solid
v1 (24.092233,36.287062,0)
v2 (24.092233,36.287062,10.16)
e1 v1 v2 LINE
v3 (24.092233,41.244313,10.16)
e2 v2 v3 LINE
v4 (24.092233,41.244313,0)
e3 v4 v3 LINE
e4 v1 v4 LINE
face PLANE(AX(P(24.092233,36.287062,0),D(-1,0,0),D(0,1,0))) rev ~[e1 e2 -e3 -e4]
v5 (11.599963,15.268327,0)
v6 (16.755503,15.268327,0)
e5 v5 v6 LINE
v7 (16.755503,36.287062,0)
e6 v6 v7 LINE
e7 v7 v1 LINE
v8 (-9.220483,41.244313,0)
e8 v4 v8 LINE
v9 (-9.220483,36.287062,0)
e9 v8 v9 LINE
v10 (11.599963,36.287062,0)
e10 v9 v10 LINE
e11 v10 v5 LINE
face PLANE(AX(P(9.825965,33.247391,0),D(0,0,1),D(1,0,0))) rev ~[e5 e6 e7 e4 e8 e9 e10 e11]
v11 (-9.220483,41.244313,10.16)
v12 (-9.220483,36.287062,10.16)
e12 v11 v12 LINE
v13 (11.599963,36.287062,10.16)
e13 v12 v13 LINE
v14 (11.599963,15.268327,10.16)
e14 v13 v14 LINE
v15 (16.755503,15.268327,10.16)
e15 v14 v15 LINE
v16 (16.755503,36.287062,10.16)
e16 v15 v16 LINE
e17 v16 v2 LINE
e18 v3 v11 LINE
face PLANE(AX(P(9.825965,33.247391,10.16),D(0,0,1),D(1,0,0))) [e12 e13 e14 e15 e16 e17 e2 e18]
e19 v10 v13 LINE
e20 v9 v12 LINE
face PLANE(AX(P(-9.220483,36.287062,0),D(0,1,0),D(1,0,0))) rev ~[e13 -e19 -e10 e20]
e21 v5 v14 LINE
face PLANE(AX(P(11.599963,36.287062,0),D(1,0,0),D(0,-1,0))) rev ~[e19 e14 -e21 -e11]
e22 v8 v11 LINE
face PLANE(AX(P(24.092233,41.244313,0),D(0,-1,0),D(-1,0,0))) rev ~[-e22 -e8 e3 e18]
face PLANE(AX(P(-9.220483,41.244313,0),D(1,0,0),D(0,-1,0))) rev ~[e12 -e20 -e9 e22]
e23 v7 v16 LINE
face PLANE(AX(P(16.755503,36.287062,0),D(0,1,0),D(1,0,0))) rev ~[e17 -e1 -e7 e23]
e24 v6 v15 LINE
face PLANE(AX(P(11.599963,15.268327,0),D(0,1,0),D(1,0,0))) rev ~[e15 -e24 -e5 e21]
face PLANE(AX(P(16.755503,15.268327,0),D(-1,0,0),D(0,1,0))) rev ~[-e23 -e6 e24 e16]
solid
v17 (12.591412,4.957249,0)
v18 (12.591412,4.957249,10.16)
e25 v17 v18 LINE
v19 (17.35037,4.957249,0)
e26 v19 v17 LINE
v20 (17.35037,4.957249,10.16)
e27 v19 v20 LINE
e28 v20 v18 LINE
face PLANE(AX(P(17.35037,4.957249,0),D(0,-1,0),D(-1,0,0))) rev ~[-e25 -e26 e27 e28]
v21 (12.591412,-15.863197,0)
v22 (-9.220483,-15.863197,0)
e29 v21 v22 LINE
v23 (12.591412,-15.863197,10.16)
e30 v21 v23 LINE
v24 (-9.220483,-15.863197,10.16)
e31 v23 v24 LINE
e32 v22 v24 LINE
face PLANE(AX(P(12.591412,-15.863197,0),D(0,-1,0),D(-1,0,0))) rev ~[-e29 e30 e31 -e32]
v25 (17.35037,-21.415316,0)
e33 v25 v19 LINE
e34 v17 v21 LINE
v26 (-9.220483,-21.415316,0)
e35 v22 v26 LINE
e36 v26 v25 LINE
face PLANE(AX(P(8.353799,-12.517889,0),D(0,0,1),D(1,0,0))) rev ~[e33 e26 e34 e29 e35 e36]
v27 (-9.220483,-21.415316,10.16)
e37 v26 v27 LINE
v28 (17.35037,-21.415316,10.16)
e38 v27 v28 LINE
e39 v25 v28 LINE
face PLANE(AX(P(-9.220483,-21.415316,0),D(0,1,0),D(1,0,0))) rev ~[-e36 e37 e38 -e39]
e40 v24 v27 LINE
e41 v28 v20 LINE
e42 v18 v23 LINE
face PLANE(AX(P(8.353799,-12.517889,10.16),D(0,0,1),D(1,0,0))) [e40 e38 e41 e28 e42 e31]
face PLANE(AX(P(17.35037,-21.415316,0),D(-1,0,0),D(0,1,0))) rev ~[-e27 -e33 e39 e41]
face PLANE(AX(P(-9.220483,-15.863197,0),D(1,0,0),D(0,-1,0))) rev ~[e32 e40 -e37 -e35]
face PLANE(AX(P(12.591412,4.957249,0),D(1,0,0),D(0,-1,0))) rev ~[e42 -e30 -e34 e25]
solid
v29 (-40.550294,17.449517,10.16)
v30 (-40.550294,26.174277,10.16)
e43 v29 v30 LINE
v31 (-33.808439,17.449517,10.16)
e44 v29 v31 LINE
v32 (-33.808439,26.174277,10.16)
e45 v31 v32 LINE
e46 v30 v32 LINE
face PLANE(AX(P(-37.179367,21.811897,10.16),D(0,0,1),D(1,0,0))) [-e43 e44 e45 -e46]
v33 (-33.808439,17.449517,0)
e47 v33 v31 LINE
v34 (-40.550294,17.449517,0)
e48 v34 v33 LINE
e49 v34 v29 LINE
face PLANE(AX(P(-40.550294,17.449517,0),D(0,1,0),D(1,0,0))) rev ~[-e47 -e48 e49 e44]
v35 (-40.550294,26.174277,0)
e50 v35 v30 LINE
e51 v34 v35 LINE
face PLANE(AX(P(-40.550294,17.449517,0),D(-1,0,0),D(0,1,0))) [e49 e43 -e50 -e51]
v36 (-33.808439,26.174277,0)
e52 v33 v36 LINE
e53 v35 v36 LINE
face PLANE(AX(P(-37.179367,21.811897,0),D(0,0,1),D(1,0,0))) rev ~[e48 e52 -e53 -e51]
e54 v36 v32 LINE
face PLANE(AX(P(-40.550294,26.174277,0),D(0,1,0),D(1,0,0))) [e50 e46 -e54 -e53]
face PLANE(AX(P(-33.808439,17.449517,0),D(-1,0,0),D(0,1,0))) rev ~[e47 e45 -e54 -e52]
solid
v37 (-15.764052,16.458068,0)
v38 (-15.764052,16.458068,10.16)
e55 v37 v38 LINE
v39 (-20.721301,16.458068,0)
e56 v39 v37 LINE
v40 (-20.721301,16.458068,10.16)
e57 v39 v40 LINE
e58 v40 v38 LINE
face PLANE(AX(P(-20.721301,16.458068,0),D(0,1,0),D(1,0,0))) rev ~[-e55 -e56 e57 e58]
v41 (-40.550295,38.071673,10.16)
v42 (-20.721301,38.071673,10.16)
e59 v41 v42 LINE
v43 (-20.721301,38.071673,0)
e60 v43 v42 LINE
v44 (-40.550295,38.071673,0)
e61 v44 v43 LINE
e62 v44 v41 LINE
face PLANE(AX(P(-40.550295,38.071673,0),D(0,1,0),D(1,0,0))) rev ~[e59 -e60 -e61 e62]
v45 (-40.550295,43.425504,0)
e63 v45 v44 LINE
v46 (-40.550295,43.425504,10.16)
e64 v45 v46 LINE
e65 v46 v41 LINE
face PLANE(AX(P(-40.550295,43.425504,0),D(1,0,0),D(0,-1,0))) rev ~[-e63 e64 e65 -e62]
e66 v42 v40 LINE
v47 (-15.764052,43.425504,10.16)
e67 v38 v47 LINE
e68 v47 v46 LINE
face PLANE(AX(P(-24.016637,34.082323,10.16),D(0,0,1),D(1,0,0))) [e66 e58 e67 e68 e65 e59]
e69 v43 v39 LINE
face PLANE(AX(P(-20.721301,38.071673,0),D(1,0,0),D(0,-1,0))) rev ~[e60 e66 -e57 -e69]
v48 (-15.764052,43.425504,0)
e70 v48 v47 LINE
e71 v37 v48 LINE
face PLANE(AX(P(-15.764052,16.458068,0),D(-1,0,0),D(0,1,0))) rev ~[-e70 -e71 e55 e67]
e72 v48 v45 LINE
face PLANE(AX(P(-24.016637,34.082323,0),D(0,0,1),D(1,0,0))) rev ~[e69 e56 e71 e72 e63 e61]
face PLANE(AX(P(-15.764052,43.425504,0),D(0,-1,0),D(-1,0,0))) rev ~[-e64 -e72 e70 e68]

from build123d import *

# Parameters (mm, degrees)
F0_W     = 6.741855
F0_H     = 8.72476
F1_DEPTH = 10.16


with BuildPart() as f1:
    # F0 (on Top) → F1 (new body)
    with BuildSketch(Plane.XY):
        Polygon((24.092233, 41.244313), (-9.220483, 41.244313), (-9.220483, 36.287062), (11.599963, 36.287062), (11.599963, 15.268327), (16.755503, 15.268327), (16.755503, 36.287062), (24.092233, 36.287062), align=None)
        Polygon((17.35037, -15.863197), (17.35037, 4.957249), (12.591412, 4.957249), (12.591412, -15.863197), (-9.220483, -15.863197), (-9.220483, -21.415316), (12.591412, -21.415316), (17.35037, -21.415316), align=None)
        Polygon((-20.721301, 43.425504), (-40.550295, 43.425504), (-40.550295, 38.071673), (-20.721301, 38.071673), (-20.721301, 16.458068), (-15.764052, 16.458068), (-15.764052, 43.425504), align=None)
        with Locations((-37.179367, 21.811897)):
            Rectangle(F0_W, F0_H)
    extrude(amount=F1_DEPTH)


solid = f1.part
